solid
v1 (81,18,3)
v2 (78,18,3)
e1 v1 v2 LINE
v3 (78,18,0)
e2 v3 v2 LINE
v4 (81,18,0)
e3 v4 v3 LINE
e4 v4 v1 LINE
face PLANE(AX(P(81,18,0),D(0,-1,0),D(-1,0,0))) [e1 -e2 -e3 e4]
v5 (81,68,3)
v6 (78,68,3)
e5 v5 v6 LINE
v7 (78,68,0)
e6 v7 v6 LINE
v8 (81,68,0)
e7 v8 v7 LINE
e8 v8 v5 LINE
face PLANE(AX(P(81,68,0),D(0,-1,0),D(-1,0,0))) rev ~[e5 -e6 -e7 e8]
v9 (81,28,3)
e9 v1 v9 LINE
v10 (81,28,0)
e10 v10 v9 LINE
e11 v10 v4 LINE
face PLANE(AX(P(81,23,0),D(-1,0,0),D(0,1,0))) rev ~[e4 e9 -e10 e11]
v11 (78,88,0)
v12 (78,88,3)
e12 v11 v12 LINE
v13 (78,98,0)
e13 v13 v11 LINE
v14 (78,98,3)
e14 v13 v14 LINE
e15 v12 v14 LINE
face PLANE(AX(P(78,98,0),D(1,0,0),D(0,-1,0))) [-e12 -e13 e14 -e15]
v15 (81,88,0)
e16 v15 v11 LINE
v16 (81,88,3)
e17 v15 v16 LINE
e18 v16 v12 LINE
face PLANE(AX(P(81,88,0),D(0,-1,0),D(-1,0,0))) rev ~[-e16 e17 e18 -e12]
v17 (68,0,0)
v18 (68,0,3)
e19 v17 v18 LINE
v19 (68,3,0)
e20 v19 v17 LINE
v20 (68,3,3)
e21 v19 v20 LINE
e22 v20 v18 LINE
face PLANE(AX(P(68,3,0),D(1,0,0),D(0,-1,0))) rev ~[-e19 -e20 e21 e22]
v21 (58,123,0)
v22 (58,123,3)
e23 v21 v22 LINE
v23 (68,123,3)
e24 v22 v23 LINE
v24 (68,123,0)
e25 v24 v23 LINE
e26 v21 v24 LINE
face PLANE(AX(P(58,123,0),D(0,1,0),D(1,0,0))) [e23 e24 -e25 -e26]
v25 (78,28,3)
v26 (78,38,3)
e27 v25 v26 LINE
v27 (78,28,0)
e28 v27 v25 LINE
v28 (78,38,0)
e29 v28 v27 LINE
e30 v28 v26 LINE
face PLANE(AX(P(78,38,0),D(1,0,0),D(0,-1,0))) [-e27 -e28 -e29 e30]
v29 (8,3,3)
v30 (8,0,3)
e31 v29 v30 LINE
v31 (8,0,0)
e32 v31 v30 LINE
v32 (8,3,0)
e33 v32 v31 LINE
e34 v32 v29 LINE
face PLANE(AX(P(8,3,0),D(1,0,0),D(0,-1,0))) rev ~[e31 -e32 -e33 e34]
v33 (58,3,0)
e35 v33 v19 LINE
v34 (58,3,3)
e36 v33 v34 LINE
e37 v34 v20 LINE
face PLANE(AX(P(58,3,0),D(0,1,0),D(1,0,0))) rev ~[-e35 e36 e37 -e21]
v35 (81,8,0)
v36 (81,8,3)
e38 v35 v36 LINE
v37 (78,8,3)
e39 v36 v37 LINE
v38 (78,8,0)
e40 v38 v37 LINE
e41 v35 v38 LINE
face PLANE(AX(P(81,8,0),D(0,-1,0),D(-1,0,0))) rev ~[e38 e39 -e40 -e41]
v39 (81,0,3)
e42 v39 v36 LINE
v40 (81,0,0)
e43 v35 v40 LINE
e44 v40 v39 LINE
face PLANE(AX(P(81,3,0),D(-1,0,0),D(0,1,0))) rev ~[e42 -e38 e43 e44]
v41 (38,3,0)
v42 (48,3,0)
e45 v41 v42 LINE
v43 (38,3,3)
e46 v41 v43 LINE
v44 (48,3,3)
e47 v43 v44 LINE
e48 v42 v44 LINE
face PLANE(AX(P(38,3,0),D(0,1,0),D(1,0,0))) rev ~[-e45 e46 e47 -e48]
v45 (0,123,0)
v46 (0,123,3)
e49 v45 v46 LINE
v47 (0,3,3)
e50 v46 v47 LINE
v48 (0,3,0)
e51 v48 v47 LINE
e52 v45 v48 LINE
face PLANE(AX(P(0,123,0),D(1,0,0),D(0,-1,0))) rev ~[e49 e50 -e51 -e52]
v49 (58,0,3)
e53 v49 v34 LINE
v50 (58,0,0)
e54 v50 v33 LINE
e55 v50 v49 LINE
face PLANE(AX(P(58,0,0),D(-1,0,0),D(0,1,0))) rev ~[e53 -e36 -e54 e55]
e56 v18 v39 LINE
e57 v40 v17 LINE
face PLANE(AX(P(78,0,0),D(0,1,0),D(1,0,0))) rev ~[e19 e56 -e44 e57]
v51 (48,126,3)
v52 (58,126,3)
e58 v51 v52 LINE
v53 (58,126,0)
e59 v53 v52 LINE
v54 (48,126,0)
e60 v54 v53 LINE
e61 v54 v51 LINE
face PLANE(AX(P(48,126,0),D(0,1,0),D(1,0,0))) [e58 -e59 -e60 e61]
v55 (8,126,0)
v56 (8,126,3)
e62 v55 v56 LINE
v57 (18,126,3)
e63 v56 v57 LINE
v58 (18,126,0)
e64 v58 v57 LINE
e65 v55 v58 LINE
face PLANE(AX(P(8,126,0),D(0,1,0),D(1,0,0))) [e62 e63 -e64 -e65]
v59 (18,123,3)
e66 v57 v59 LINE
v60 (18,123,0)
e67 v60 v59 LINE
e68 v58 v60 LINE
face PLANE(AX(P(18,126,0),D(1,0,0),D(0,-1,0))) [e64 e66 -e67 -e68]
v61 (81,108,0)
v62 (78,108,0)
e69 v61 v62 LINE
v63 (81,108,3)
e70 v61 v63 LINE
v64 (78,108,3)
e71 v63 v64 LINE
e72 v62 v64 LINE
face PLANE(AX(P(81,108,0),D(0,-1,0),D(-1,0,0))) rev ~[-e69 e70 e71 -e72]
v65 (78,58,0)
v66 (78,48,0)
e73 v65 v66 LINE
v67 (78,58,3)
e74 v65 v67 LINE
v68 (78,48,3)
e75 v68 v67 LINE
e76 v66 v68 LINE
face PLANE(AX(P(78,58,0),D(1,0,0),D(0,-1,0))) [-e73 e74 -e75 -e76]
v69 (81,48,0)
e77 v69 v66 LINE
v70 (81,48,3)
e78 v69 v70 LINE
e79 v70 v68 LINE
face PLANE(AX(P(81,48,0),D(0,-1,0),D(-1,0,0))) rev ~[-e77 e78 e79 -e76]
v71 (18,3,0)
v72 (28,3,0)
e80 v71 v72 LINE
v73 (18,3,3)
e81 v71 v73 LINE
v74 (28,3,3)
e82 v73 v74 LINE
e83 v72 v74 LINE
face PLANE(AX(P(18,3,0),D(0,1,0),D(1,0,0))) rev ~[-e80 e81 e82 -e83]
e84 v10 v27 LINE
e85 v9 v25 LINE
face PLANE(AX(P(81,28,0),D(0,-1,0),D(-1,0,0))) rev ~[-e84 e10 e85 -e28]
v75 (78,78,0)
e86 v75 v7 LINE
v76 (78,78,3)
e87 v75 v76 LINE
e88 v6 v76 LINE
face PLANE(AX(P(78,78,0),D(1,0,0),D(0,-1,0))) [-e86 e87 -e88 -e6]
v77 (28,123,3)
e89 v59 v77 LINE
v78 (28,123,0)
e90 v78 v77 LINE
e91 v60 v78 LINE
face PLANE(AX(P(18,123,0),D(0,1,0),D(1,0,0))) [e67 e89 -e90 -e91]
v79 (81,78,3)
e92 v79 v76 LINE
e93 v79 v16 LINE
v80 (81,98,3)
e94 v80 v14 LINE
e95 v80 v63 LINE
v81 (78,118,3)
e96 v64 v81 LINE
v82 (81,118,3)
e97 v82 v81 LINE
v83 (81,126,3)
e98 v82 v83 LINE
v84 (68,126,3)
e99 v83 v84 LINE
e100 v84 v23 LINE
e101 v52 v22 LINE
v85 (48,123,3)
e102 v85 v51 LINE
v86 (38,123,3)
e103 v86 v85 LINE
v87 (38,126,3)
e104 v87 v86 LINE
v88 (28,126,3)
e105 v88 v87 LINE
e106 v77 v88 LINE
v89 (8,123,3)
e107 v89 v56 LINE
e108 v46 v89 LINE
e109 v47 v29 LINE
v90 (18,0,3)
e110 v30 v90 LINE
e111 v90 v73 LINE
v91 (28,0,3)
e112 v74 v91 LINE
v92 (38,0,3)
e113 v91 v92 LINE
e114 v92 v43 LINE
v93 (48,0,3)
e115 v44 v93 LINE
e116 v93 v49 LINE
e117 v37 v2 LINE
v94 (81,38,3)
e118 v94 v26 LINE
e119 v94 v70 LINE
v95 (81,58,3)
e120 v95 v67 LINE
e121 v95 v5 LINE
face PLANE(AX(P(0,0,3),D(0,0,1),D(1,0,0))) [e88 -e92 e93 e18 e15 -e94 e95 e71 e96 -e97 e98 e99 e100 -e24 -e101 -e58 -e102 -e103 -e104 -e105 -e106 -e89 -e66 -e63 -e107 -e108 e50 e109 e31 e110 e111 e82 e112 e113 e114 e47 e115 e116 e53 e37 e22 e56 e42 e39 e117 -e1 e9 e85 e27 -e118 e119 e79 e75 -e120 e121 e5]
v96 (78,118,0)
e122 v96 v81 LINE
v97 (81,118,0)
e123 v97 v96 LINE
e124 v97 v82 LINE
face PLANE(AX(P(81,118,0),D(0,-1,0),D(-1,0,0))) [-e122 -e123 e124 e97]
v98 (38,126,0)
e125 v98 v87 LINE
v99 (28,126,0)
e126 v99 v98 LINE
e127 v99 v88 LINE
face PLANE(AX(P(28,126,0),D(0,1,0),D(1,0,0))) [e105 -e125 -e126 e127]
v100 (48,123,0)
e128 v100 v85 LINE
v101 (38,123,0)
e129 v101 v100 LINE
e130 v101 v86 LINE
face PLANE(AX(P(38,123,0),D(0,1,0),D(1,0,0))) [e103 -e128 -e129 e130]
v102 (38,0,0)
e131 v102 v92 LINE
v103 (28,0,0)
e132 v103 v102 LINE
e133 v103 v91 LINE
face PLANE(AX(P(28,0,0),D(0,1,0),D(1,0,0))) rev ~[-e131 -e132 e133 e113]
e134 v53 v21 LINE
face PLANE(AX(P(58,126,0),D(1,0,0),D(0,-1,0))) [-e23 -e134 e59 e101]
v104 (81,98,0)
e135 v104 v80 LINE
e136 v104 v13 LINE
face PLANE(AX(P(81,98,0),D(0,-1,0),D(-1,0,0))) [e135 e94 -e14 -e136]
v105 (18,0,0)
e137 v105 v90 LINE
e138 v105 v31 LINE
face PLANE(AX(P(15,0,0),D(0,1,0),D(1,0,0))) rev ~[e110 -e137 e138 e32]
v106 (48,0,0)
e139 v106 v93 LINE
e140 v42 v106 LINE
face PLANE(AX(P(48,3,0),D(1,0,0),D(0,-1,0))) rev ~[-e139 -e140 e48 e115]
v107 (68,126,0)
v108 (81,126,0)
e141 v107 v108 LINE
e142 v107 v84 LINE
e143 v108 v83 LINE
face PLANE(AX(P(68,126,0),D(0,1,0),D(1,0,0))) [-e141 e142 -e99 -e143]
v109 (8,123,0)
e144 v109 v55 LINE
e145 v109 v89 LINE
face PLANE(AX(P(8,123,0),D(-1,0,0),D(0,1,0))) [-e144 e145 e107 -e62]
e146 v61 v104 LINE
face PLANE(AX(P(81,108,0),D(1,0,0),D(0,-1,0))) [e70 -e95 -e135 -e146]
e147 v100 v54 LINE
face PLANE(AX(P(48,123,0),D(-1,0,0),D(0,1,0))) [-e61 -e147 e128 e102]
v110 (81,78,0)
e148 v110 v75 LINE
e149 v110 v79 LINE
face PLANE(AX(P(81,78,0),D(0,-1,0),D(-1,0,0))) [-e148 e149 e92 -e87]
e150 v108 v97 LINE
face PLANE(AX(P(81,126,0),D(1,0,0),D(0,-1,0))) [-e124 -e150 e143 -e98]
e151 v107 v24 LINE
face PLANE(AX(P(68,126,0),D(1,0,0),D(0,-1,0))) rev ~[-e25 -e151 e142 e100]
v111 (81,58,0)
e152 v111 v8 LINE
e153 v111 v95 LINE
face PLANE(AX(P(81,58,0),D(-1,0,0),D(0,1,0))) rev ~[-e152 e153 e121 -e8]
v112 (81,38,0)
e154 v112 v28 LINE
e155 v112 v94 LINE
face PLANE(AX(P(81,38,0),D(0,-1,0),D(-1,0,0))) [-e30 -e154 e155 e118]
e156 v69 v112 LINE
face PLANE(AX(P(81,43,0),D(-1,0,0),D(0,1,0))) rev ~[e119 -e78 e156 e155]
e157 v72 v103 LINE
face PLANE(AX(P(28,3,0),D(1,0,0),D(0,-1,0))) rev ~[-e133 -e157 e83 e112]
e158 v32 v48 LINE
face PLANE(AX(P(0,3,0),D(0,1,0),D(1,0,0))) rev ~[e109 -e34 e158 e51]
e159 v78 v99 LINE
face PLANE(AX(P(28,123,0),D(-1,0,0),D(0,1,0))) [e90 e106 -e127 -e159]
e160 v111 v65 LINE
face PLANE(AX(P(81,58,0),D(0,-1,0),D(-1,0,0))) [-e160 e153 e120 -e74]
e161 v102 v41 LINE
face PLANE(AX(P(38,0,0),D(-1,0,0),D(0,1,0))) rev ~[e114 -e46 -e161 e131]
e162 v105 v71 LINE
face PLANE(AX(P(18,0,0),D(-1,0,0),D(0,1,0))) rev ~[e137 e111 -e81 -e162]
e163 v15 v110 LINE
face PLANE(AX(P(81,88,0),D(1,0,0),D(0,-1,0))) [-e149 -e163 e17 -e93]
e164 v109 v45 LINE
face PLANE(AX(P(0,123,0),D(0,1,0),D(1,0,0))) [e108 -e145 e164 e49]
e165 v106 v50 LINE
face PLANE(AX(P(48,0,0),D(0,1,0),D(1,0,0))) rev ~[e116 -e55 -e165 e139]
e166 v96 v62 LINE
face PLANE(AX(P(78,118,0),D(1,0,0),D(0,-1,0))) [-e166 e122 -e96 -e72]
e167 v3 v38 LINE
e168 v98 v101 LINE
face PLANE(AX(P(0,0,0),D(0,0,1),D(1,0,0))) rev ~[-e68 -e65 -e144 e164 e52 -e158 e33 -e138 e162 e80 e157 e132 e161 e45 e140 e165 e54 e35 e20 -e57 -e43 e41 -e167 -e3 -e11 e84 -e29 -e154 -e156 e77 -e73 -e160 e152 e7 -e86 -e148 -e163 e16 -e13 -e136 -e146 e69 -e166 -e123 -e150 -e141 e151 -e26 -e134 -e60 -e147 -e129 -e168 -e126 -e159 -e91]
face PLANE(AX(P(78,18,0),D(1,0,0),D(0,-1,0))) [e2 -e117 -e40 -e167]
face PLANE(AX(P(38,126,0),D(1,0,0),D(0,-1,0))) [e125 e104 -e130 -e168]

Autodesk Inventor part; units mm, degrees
ref_plane "YZ Plane" through (0, 0, 0) normal (1, 0, 0) x (0, 1, 0)
ref_plane "XZ Plane" through (0, 0, 0) normal (0, 1, 0) x (-1, 0, 0)
ref_plane "XY Plane" through (0, 0, 0) normal (0, 0, 1) x (1, 0, 0)
sketch "Sketch1" plane through (0, 0, 0) normal (0, 0, 1) x (1, 0, 0)
  line L0 (0, 123) -> (0, 3)
  line L1 (0, 3) -> (5, 3)
  line L2 (28, 3) -> (28, 0)
  line L3 (38, 0) -> (38, 3)
  line L4 (48, 3) -> (48, 0)
  line L5 (58, 0) -> (58, 3)
  line L6 (68, 3) -> (68, 0)
  line L7 (78, 63) -> (81, 63) construction
  line L8 (0, 3) -> (5, 3)
  line L9 (78, 8) -> (78, 13)
  line L10 (78, 28) -> (78, 33)
  line L11 (78, 48) -> (78, 53)
  line L12 (78, 8) -> (78, 13)
  line L13 (81, 18) -> (81, 23)
  line L14 (78, 28) -> (78, 33)
  line L15 (78, 48) -> (78, 53)
  line L16 (81, 38) -> (81, 43)
  line L17 (81, 0) -> (81, 3) construction
  line L18 (0, 3) -> (5, 3)
  line L19 (8, 0) -> (15, 0)
  line L20 (18, 3) -> (28, 3)
  line L21 (28, 0) -> (38, 0)
  line L22 (38, 3) -> (48, 3)
  line L23 (48, 0) -> (58, 0)
  line L24 (68, 0) -> (78, 0)
  line L25 (58, 3) -> (68, 3)
  line L26 (78, 98) -> (78, 93)
  line L27 (78, 78) -> (78, 73)
  line L28 (78, 118) -> (78, 113)
  line L29 (81, 108) -> (81, 103)
  line L30 (81, 88) -> (81, 83)
  line L31 (18, 123) -> (28, 123)
  line L32 (28, 126) -> (38, 126)
  line L33 (38, 123) -> (48, 123)
  line L34 (48, 126) -> (58, 126)
  line L35 (68, 126) -> (78, 126)
  line L36 (58, 123) -> (68, 123)
  line L37 (81, 58) -> (81, 68)
  line L38 (81, 83) -> (81, 88)
  line L39 (81, 103) -> (81, 108)
  line L40 (78, 126) -> (68, 126)
  line L41 (58, 126) -> (48, 126)
  line L42 (38, 126) -> (28, 126)
  line L43 (8, 123) -> (8, 126)
  line L44 (0, 123) -> (5, 123)
  line L45 (8, 126) -> (18, 126)
  line L46 (18, 126) -> (18, 123)
  line L47 (28, 123) -> (28, 126)
  line L48 (38, 126) -> (38, 123)
  line L49 (48, 123) -> (48, 126)
  line L50 (58, 126) -> (58, 123)
  line L51 (68, 126) -> (68, 123)
  line L52 (78, 126) -> (81, 126)
  line L53 (81, 126) -> (81, 123)
  line L54 (18, 3) -> (28, 3)
  line L55 (28, 0) -> (38, 0)
  line L56 (38, 3) -> (48, 3)
  line L57 (48, 0) -> (58, 0)
  line L58 (58, 3) -> (68, 3)
  line L59 (68, 0) -> (78, 0)
  line L60 (8, 3) -> (8, 0)
  line L61 (0, 3) -> (8, 3)
  line L62 (8, 0) -> (18, 0)
  line L63 (18, 0) -> (18, 3)
  line L64 (28, 3) -> (28, 0)
  line L65 (38, 0) -> (38, 3)
  line L66 (48, 3) -> (48, 0)
  line L67 (58, 0) -> (58, 3)
  line L68 (68, 0) -> (68, 3)
  line L69 (78, 0) -> (81, 0)
  line L70 (81, 0) -> (81, 3)
  line L71 (81, 0) -> (81, 3)
  line L72 (5, 123) -> (5, 68)
  line L73 (5, 68) -> (8, 68)
  line L74 (8, 68) -> (8, 123)
  line L75 (81, 126) -> (81, 118)
  line L76 (81, 118) -> (78, 118)
  line L77 (81, 108) -> (78, 108)
  line L78 (81, 108) -> (81, 98)
  line L79 (81, 98) -> (78, 98)
  line L80 (81, 88) -> (78, 88)
  line L81 (81, 88) -> (81, 78)
  line L82 (81, 78) -> (78, 78)
  line L83 (81, 68) -> (78, 68)
  line L84 (78, 108) -> (78, 118)
  line L85 (81, 108) -> (81, 98)
  line L86 (81, 88) -> (81, 78)
  line L87 (78, 68) -> (78, 78)
  line L88 (78, 88) -> (78, 98)
  line L89 (78, 8) -> (78, 13)
  line L90 (81, 18) -> (81, 23)
  line L91 (78, 28) -> (78, 33)
  line L92 (81, 68) -> (81, 58)
  line L93 (81, 43) -> (81, 38)
  line L94 (81, 0) -> (81, 8)
  line L95 (81, 8) -> (78, 8)
  line L96 (81, 18) -> (78, 18)
  line L97 (81, 18) -> (81, 28)
  line L98 (81, 28) -> (78, 28)
  line L99 (81, 38) -> (78, 38)
  line L100 (81, 48) -> (78, 48)
  line L101 (81, 58) -> (78, 58)
  line L102 (78, 18) -> (78, 8)
  line L103 (81, 38) -> (81, 48)
  line L104 (78, 58) -> (78, 48)
  line L105 (78, 38) -> (78, 28)
  line L106 (5, 123) -> (8, 123)
  point P0 (0, 0)
  point P1 (81, 93)
  point P2 (81, 73)
  point P3 (81, 73)
  dimension "d19" = 8
  dimension "d22" = 10
  dimension "d23" = 10
  dimension "d25" = 55
  dimension "d31" = 10
  dimension "d32" = 10
  dimension "d33" = 10
  dimension "d34" = 3
  dimension "d35" = 81
extrude "Extrusion1" add sketch "Sketch1" along normal blind 3
